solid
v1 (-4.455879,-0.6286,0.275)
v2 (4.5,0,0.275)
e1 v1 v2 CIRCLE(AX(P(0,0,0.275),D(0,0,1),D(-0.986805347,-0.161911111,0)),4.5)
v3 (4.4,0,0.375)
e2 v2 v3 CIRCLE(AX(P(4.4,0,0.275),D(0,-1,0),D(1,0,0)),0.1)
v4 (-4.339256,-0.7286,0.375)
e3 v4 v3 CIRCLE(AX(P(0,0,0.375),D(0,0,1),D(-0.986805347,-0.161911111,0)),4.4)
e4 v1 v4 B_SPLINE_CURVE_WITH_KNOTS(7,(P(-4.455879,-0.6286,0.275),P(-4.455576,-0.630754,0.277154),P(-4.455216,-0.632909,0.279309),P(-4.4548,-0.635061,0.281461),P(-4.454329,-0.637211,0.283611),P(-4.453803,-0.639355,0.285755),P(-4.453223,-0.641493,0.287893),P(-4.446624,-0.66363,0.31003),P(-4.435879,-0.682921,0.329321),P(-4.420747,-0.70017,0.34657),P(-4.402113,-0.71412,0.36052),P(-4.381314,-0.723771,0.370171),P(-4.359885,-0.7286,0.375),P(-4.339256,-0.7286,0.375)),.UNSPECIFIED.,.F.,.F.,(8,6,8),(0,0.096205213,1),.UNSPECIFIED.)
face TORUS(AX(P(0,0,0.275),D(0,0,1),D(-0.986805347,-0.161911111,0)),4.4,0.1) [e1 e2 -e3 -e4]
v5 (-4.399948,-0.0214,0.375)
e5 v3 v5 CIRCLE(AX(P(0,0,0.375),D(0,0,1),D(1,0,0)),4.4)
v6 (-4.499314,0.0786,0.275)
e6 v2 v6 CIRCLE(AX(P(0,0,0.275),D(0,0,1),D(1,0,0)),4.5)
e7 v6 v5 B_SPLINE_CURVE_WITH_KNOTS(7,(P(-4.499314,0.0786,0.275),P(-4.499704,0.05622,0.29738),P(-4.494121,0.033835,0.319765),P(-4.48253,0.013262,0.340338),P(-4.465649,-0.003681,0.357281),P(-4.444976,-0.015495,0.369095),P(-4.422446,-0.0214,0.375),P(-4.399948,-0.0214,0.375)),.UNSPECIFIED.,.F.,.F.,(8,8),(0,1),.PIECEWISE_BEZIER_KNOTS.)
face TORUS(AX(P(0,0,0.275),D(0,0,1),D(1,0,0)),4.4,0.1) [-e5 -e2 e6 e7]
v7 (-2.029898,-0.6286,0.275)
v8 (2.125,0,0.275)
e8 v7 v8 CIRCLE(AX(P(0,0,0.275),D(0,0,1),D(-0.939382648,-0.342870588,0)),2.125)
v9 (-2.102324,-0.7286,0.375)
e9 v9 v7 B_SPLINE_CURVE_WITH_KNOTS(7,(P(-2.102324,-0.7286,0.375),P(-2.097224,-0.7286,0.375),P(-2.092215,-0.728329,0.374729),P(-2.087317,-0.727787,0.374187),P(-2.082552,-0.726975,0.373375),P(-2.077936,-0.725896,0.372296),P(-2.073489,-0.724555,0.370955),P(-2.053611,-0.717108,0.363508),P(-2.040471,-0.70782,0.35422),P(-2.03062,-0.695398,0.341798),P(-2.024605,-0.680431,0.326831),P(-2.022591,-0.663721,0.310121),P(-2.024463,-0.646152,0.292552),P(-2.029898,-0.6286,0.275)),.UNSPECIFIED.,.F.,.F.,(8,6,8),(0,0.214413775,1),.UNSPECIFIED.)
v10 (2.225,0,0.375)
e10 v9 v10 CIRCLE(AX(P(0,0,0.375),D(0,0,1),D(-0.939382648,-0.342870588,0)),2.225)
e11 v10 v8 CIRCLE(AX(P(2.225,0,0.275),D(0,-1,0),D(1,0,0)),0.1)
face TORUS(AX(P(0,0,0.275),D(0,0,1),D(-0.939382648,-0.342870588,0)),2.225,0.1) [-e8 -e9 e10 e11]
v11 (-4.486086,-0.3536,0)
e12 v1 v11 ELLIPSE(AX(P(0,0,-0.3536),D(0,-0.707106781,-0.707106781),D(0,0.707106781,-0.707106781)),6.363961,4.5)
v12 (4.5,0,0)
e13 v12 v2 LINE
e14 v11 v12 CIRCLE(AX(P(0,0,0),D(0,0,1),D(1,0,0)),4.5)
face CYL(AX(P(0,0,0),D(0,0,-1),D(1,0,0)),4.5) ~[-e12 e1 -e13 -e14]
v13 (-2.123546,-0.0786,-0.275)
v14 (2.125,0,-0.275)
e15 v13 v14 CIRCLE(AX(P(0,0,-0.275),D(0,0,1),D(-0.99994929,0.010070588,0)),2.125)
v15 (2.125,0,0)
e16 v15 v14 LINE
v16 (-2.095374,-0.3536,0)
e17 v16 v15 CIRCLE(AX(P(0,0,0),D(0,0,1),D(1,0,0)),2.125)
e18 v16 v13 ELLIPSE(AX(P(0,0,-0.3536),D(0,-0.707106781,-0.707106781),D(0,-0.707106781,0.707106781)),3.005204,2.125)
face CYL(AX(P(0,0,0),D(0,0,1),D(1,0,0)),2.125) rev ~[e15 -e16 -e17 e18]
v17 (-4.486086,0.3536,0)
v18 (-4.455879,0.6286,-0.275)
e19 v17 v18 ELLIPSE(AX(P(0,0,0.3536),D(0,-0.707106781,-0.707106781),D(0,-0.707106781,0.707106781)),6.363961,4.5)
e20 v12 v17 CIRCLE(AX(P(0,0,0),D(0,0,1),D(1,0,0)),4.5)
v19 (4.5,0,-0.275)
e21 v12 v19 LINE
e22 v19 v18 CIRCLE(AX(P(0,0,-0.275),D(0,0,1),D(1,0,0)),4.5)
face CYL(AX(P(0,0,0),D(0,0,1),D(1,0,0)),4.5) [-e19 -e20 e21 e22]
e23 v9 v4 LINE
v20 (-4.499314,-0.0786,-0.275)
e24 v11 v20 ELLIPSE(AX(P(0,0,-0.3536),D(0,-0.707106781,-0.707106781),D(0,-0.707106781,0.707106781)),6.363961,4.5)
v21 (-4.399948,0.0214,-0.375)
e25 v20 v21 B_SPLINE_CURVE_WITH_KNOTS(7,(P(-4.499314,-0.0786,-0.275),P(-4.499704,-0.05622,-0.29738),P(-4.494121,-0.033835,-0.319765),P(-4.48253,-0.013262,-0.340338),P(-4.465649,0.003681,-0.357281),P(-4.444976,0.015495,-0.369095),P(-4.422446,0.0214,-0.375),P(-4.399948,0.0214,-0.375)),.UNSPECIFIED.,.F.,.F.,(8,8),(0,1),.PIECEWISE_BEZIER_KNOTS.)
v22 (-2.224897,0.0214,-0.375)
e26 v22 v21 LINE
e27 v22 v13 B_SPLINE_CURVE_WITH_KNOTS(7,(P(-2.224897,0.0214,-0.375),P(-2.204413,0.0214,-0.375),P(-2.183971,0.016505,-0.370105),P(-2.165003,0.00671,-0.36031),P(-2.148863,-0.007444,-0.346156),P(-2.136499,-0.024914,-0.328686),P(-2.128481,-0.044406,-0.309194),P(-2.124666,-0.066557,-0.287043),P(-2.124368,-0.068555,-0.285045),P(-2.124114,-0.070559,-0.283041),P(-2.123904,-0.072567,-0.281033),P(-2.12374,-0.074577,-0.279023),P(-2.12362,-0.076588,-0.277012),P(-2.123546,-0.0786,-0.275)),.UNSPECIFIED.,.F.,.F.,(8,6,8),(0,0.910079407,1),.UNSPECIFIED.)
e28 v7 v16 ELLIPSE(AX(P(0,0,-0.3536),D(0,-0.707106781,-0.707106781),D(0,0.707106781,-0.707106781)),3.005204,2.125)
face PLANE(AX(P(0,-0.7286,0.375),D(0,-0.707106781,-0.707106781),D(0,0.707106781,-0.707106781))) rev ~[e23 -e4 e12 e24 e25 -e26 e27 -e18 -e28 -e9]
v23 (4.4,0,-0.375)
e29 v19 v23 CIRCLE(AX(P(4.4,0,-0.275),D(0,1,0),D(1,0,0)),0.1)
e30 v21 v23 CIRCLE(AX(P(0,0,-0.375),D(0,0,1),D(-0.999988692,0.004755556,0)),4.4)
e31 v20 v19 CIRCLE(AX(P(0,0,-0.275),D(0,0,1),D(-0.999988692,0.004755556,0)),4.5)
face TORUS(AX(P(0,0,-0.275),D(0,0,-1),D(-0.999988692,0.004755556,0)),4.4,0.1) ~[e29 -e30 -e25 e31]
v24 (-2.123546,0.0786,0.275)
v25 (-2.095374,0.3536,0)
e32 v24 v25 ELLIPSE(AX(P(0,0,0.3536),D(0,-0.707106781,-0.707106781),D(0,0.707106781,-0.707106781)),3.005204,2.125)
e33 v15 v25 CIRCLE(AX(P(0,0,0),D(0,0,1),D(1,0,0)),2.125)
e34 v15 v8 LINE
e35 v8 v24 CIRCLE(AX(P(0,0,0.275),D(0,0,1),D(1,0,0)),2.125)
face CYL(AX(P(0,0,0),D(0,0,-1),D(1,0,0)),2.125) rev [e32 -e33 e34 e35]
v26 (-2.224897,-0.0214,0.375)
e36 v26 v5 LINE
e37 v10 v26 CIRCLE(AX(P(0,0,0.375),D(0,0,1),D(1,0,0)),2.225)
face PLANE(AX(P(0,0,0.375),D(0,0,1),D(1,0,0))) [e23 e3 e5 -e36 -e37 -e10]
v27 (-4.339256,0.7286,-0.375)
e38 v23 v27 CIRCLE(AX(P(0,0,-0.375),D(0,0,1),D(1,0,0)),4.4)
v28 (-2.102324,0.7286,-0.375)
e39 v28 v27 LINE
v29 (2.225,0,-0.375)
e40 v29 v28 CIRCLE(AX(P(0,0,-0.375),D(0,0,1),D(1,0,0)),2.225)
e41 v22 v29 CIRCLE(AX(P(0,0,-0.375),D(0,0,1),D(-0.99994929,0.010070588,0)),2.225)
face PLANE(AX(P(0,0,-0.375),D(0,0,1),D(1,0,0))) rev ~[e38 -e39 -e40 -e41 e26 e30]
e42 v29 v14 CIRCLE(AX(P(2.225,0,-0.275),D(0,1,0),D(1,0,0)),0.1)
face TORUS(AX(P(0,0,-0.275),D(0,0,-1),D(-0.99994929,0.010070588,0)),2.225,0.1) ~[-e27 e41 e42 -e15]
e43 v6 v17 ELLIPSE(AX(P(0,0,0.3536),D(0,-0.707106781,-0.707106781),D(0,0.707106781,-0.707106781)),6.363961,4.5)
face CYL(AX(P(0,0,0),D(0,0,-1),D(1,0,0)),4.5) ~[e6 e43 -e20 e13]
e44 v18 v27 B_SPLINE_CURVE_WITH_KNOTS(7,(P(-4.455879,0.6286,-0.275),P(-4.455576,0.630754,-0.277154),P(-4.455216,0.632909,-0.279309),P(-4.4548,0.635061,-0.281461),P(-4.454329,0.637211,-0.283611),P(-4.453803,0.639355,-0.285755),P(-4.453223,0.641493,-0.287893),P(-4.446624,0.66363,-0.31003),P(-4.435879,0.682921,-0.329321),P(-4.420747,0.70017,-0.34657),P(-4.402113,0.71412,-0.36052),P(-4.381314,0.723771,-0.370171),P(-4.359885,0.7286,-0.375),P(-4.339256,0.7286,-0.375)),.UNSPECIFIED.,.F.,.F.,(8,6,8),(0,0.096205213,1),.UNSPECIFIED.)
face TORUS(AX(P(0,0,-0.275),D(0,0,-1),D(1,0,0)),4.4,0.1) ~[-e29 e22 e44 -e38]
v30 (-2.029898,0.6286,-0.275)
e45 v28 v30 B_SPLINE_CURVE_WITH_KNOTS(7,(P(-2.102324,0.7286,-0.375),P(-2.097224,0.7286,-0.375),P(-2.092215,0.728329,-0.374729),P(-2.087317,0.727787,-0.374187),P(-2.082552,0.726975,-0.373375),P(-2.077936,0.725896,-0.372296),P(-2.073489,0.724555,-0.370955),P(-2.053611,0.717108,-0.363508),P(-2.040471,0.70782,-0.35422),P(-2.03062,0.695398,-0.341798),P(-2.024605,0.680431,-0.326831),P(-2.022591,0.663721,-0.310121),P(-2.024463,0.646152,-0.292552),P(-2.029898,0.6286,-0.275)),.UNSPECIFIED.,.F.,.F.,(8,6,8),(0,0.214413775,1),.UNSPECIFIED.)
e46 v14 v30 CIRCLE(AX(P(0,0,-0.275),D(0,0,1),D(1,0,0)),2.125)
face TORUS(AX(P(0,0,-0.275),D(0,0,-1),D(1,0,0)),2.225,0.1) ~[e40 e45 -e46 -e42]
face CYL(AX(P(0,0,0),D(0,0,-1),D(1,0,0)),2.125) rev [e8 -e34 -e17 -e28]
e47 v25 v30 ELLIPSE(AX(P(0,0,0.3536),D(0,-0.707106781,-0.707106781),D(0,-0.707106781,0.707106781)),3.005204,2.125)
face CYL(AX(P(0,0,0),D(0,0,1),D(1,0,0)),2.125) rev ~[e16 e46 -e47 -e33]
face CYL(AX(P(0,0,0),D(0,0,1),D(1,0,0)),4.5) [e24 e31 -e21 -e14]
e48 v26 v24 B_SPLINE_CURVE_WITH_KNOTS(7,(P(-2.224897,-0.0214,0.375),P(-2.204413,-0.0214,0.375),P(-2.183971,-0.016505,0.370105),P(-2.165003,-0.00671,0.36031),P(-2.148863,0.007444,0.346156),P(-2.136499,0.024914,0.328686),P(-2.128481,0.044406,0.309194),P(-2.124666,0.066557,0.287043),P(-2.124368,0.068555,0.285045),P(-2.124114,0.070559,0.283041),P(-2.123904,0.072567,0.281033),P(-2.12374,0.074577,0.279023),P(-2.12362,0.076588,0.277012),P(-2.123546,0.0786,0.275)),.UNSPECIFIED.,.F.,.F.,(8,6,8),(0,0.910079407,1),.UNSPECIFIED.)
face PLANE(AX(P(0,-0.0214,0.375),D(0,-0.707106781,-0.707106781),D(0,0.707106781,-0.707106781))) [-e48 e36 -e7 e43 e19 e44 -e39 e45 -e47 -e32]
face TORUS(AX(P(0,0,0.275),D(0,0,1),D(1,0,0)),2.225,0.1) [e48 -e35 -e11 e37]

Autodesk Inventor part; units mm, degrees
ref_plane "YZ Plane" through (0, 0, 0) normal (1, 0, 0) x (0, 1, 0)
ref_plane "XZ Plane" through (0, 0, 0) normal (0, 1, 0) x (-1, 0, 0)
ref_plane "XY Plane" through (0, 0, 0) normal (0, 0, 1) x (1, 0, 0)
sketch "Sketch1" plane through (0, 0, 0) normal (0, 0, 1) x (1, 0, 0)
  circle A0 centre (0, 0) radius 4.5
  circle A1 centre (0, 0) radius 2.125
  dimension "d0" = 9
  dimension "d1" = 4.25
extrude "Extrusion1" add sketch "Sketch1" along normal mid plane 0.75
sketch "Sketch2" plane through (0, 0, 0) normal (1, 0, 0) x (0, 1, 0)
  line L0 (-2.125, 0.375) -> (2.125, 0.375) construction
  line L1 (2.125, -0.375) -> (-2.125, -0.375) construction
  line L2 (0, 0) -> (0, 0.375) construction
  line L3 (0, 0) -> (-0.375, 0.375) construction
  line L4 (-0.7286, 0.375) -> (0.0214, -0.375)
  line L5 (-0.0214, 0.375) -> (0.7286, -0.375)
  line L6 (0.0214, -0.375) -> (0.7286, -0.375)
  line L7 (-0.0214, 0.375) -> (-0.7286, 0.375)
  dimension "d5" = 0.5
  dimension "d9" = 45
extrude "Extrusion2" cut sketch "Sketch2" against normal through all
fillet "Fillet1" radius 0.1 8 edges at (-0.0107, 4.5, 0.375) (0.3655, -4.4851, 0.375) (0.3655, 4.4851, -0.375) (-0.0107, -4.5, -0.375) (0.3699, -2.0926, 0.375) (-0.0107, 2.125, 0.375) (-0.0107, -2.125, -0.375) (0.3699, 2.0926, -0.375)
properties part number "Lock Washer -2"
